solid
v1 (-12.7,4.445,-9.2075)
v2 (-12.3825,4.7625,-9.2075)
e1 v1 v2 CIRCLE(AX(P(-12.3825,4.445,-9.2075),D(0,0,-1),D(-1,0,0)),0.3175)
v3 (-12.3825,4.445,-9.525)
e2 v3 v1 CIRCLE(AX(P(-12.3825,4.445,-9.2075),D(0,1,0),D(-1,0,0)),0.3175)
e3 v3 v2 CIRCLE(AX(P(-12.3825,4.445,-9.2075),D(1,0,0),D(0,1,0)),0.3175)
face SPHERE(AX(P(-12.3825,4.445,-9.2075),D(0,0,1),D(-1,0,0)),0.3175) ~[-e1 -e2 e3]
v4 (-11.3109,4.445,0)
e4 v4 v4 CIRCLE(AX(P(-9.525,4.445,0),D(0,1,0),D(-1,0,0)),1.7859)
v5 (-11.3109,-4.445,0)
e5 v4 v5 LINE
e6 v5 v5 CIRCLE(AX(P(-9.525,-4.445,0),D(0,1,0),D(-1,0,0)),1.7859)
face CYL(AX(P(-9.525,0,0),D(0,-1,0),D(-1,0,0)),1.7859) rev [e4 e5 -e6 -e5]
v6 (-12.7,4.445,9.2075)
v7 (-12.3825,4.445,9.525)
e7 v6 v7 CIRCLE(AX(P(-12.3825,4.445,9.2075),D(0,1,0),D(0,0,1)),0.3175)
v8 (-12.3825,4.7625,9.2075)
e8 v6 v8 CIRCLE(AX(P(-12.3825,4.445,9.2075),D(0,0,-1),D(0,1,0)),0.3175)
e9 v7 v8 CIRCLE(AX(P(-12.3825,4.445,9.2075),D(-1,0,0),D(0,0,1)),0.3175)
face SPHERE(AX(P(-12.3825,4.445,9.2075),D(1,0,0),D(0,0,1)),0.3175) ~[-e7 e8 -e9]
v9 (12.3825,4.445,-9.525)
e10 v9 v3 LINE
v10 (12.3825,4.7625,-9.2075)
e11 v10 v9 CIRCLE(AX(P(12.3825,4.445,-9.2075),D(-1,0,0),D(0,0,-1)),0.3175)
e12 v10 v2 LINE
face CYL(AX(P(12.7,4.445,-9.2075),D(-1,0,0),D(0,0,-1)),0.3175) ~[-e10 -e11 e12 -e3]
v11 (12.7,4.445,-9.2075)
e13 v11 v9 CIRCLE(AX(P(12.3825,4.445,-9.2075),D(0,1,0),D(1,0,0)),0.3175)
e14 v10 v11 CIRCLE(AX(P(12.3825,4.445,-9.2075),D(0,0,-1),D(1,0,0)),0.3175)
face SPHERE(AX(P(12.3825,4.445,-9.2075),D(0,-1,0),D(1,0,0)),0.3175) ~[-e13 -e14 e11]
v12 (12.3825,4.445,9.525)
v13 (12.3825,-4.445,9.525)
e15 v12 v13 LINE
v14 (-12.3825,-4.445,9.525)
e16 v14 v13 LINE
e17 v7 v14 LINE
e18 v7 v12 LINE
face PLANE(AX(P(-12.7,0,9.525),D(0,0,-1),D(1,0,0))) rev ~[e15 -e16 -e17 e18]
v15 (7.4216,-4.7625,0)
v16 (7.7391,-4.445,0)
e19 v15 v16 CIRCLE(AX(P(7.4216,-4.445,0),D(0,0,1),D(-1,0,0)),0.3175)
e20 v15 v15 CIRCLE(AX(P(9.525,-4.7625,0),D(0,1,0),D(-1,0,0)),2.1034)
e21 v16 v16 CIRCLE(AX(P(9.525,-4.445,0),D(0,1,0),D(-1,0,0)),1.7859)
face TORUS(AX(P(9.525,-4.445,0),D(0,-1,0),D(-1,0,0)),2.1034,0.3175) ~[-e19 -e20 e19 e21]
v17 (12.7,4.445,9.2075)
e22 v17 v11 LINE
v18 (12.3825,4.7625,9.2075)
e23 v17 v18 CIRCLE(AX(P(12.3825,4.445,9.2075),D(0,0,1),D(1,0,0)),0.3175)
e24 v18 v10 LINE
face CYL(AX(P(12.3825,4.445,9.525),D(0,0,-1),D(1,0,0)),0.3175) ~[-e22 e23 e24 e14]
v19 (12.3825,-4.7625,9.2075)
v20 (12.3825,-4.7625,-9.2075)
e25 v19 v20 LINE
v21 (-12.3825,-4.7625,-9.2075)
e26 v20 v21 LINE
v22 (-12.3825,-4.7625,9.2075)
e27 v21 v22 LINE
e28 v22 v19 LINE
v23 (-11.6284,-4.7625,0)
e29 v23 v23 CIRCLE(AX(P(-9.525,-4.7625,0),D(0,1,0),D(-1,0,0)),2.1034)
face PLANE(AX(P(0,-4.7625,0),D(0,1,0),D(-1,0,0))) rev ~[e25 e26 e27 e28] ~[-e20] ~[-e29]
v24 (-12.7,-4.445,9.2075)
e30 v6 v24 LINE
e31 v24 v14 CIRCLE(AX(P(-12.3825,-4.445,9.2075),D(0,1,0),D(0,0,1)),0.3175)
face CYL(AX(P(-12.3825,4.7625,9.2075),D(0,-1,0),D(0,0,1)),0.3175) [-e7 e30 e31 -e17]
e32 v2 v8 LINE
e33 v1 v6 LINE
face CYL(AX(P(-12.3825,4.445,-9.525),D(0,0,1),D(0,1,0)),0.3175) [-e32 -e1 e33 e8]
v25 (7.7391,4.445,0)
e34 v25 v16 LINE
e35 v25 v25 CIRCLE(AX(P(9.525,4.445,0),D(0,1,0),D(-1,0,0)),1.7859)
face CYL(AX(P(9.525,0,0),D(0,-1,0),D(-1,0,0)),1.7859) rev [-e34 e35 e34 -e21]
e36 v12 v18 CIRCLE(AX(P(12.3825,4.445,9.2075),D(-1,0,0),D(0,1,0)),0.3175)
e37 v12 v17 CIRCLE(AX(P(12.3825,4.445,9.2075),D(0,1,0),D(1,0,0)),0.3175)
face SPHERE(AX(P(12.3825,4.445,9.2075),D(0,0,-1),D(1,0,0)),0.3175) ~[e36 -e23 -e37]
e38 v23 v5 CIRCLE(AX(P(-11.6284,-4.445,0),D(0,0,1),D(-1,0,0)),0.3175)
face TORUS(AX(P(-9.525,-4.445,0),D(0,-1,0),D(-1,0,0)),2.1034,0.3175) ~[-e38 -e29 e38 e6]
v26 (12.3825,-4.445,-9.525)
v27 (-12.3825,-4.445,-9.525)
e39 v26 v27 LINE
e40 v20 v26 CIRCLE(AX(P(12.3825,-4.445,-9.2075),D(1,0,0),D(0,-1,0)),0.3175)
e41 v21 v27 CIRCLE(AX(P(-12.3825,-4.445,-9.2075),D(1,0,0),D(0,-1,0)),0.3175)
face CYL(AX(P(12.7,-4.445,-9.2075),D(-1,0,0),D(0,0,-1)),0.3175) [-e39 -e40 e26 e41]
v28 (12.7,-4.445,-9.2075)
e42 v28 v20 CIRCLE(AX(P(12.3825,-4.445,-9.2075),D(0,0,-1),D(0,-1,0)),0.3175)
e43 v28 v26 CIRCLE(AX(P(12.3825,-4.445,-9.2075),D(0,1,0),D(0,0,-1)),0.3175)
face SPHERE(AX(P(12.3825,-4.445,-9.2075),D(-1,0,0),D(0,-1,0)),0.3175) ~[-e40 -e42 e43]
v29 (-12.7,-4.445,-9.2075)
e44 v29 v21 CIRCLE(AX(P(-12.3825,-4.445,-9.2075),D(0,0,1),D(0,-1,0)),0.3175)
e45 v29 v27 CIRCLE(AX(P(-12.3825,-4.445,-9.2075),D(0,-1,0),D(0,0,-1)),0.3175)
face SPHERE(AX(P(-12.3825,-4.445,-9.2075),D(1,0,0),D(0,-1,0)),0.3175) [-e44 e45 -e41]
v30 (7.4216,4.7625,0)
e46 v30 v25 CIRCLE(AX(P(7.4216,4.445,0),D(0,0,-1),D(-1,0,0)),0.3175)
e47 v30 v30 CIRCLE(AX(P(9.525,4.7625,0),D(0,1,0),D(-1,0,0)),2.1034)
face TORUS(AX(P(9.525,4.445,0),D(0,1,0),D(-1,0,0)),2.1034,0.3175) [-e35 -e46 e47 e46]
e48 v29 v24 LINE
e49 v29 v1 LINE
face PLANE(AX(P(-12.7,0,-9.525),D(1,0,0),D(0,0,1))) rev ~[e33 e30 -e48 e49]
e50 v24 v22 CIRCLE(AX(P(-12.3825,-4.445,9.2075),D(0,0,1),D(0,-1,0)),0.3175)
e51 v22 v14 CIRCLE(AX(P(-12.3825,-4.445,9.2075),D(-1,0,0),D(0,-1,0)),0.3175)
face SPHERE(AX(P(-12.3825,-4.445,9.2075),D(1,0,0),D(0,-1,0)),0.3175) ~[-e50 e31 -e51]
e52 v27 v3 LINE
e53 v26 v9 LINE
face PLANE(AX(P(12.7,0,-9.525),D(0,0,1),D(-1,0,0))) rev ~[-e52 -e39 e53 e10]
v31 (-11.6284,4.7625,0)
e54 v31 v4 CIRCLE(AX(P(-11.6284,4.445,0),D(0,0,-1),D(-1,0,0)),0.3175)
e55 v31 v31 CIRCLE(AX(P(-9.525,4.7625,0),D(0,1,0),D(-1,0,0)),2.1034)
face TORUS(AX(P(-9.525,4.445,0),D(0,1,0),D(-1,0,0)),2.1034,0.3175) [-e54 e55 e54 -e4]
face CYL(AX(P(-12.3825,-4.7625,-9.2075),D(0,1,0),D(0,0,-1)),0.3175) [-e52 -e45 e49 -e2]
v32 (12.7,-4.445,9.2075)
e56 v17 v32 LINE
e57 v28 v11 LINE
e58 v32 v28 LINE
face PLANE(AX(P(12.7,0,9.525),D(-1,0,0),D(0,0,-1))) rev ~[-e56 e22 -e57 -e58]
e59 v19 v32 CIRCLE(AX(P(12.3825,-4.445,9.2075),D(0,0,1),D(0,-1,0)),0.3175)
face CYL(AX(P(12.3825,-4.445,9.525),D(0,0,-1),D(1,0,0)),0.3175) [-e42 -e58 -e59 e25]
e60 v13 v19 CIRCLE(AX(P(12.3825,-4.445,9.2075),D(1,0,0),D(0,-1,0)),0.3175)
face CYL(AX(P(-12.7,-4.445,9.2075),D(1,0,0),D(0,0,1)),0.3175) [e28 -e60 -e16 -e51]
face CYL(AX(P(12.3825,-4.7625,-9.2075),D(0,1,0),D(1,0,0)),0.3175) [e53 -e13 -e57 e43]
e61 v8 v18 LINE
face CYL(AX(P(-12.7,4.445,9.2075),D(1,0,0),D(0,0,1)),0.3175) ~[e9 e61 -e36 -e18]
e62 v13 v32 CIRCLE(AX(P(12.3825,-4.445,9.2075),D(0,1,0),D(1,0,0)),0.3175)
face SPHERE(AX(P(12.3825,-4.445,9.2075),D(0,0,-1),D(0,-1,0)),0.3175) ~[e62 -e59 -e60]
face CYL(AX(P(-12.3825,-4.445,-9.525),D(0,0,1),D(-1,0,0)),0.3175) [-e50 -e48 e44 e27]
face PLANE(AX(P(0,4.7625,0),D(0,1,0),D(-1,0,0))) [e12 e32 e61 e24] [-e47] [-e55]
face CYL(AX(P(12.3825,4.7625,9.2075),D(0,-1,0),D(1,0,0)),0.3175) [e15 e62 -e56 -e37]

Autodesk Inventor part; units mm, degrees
ref_plane "YZ Plane" through (0, 0, 0) normal (1, 0, 0) x (0, 1, 0)
ref_plane "XZ Plane" through (0, 0, 0) normal (0, 1, 0) x (-1, 0, 0)
ref_plane "XY Plane" through (0, 0, 0) normal (0, 0, 1) x (1, 0, 0)
sketch "Sketch1" plane through (0, 0, 0) normal (0, 1, 0) x (-1, 0, 0)
  line L0 (-12.7, -9.525) -> (12.7, -9.525)
  line L1 (12.7, -9.525) -> (12.7, 9.525)
  line L2 (12.7, 9.525) -> (-12.7, 9.525)
  line L3 (-12.7, 9.525) -> (-12.7, -9.525)
  line L4 (-12.7, -9.525) -> (12.7, 9.525) construction
  line L5 (12.7, -9.525) -> (-12.7, 9.525) construction
  circle A0 centre (9.525, 0) radius 1.7859
  circle A1 centre (-9.525, 0) radius 1.7859
  point P0 (0, 0)
  dimension "d0" = 25.4
  dimension "d1" = 19.05
  dimension "d2" = 3.5719
  dimension "d3" = 3.5719
  dimension "d4" = 19.05
  dimension "d5" = 3.175
  dimension "d6" = 3.175
  dimension "d7" = 5.715
extrude "Extrusion1" add sketch "Sketch1" along normal mid plane 9.525
fillet "Fillet1" radius 0.3175 16 edges at (11.3109, -4.7625, 0) (11.3109, 4.7625, 0) (-7.7391, -4.7625, 0) (-7.7391, 4.7625, 0) (0, -4.7625, -9.525) (12.7, -4.7625, 0) (0, -4.7625, 9.525) (-12.7, -4.7625, 0) (12.7, 0, -9.525) (12.7, 4.7625, 0) (12.7, 0, 9.525) (0, 4.7625, 9.525) (-12.7, 0, 9.525) (-12.7, 4.7625, 0) (-12.7, 0, -9.525) (0, 4.7625, -9.525)
properties part number "enginefoot" material "Steel, Carbon"
